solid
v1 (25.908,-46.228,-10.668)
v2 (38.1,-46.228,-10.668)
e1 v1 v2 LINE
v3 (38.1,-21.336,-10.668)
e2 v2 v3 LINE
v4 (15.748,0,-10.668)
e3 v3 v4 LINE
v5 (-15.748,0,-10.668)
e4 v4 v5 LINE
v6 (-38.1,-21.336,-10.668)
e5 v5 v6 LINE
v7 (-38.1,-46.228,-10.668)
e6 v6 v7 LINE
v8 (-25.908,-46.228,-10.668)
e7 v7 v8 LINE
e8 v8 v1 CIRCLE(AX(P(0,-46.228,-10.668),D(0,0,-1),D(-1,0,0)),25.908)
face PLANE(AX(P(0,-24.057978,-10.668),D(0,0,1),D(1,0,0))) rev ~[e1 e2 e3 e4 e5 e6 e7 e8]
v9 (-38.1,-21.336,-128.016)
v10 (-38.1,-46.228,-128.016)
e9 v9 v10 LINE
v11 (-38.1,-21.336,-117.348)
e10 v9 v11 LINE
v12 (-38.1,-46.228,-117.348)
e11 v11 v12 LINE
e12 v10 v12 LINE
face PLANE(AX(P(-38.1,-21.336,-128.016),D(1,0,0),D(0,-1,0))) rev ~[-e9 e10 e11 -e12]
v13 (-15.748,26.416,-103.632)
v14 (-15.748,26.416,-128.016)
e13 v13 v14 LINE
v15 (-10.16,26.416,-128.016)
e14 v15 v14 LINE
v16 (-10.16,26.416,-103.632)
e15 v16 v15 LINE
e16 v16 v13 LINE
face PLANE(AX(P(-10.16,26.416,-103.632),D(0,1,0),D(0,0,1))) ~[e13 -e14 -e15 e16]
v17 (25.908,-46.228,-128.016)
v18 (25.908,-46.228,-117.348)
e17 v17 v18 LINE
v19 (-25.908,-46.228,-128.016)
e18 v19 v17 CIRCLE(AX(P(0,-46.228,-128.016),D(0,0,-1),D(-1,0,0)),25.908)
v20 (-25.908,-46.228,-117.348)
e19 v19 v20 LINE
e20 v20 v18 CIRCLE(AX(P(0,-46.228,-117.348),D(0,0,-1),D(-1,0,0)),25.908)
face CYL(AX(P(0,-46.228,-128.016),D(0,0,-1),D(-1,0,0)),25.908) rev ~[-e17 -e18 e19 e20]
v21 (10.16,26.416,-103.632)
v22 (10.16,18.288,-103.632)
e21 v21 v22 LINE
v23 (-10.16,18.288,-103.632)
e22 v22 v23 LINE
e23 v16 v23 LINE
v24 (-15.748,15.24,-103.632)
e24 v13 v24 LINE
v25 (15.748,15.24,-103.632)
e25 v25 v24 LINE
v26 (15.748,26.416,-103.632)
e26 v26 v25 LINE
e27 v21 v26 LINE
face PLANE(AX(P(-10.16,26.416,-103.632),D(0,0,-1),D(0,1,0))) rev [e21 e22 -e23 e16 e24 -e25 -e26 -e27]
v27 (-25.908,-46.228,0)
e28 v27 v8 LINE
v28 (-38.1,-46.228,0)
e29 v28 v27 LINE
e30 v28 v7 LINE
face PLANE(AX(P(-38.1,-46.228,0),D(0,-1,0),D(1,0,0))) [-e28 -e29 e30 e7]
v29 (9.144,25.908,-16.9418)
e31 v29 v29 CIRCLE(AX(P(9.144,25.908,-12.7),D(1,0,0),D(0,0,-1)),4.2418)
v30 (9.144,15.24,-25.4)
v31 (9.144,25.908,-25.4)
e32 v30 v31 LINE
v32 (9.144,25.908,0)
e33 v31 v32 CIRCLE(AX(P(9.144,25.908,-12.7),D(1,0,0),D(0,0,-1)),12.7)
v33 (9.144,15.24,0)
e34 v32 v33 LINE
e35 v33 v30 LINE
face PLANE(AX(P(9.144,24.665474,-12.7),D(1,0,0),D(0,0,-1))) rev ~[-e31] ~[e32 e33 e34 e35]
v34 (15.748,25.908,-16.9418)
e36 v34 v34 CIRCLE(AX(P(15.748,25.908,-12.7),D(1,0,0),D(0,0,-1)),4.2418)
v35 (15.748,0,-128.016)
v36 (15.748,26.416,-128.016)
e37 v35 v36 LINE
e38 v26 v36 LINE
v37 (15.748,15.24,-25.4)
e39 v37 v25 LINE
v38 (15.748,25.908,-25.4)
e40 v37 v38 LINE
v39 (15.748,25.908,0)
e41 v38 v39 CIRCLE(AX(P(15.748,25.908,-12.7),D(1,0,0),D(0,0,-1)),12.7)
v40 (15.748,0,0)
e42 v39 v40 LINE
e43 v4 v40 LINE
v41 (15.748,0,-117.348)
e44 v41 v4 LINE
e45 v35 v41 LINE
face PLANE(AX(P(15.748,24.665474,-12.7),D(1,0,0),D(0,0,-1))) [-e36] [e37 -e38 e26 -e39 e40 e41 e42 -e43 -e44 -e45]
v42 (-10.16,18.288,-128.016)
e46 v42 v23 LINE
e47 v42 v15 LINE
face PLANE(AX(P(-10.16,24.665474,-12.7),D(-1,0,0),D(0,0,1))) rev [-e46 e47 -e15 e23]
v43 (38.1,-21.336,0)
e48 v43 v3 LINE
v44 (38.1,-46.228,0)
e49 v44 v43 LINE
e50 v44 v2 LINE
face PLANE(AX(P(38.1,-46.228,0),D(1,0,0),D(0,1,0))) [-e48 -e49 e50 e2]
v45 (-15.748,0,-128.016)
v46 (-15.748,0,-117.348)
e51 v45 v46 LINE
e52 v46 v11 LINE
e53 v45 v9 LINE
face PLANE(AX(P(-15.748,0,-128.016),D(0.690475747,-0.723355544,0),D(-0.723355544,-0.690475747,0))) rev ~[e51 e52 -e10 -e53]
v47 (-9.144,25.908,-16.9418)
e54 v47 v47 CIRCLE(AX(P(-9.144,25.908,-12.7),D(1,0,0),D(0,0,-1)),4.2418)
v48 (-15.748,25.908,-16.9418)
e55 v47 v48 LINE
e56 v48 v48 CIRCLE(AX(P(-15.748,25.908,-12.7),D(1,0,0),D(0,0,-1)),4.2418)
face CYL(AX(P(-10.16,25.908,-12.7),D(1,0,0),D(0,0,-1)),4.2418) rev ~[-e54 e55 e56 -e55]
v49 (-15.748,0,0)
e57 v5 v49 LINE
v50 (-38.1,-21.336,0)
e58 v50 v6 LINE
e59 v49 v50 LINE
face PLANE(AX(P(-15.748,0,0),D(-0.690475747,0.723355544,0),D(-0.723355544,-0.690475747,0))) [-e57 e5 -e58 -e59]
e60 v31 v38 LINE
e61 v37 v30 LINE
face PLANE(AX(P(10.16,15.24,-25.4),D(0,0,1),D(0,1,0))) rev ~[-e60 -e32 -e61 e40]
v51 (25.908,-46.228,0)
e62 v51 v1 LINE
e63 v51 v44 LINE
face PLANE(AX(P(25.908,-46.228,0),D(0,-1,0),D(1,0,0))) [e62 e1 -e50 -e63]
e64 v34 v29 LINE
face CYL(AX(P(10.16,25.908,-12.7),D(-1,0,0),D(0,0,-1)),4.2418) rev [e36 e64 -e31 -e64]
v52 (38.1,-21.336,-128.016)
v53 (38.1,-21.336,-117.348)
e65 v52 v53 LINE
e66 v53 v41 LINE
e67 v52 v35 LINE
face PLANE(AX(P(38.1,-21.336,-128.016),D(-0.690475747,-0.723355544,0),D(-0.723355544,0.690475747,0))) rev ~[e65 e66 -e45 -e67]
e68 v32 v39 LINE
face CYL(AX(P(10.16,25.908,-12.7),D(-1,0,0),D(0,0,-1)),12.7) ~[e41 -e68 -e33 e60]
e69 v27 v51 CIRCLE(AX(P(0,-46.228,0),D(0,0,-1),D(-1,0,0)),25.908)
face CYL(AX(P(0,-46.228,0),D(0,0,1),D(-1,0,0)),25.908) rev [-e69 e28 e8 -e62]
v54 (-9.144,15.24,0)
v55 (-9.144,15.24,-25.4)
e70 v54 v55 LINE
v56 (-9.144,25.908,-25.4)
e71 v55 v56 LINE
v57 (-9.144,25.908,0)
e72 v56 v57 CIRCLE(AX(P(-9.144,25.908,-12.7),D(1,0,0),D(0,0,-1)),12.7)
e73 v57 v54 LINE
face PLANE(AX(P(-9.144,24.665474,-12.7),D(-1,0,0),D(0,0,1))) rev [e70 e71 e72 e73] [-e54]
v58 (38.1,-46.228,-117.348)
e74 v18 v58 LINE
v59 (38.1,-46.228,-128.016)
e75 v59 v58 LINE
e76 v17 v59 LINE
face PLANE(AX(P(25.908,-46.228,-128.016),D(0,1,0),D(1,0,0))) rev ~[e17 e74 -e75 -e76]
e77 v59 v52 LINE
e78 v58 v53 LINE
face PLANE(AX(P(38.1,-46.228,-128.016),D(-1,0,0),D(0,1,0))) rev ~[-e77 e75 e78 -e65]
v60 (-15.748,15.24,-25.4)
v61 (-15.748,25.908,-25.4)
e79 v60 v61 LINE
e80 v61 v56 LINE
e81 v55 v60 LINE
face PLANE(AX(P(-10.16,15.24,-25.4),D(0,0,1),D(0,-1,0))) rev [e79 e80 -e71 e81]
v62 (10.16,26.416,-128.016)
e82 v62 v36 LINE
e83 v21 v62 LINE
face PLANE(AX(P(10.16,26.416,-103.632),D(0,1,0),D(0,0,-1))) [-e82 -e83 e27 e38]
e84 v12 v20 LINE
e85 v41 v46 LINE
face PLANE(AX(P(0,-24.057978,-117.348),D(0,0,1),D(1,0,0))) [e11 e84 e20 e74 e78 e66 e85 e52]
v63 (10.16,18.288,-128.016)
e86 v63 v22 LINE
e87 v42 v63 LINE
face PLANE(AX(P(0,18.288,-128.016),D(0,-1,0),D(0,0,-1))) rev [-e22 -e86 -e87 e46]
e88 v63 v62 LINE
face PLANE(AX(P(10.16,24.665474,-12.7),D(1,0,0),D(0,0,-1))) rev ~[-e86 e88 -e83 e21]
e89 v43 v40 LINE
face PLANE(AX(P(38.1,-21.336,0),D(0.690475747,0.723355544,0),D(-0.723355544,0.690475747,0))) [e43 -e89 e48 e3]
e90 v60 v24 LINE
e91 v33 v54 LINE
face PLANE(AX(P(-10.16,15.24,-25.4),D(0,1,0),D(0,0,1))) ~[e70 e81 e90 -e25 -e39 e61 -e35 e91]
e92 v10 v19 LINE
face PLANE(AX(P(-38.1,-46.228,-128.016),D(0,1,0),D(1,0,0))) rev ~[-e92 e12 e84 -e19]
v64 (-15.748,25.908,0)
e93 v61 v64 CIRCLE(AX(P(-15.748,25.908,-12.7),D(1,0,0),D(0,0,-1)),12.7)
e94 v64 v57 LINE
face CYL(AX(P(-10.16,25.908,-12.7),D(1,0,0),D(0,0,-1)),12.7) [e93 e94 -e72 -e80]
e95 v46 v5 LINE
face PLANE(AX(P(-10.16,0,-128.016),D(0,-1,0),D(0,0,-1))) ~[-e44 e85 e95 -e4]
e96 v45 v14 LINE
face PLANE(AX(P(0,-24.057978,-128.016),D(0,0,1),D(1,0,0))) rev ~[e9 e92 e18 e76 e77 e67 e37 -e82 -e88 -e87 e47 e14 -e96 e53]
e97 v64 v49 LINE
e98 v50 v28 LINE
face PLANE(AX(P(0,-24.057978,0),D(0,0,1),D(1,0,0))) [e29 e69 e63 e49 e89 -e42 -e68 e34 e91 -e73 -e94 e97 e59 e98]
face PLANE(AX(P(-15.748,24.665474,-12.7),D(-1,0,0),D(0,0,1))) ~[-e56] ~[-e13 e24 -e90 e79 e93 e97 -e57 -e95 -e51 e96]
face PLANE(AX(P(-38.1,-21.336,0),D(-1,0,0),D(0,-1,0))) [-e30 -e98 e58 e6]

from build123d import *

# Parameters (mm, degrees)
BOSS_EXTRUDE1_DEPTH = 10.16
BOSS_EXTRUDE2_START = 9.144
SKETCH1_3_R         = 4.2418
BOSS_EXTRUDE2_DEPTH = 1.016
BOSS_EXTRUDE3_START = 10.16
SKETCH1_4_R         = 4.2418
SKETCH1_4_W         = 24.384
SKETCH1_4_H         = 8.128
SKETCH1_4_H_2       = 3.048
BOSS_EXTRUDE3_DEPTH = 5.588
BOSS_EXTRUDE4_DEPTH = 10.668
BOSS_EXTRUDE6_START = -128.016
BOSS_EXTRUDE6_DEPTH = 10.668


with BuildPart() as part:
    # Sketch1 → Boss-Extrude1 (new body)
    with BuildSketch(Plane(origin=(0, 0, 0), x_dir=(0, 0, -1), z_dir=(1, 0, 0))):
        Polygon((0, 15.24), (0, 0), (128.016, 0), (128.016, 18.288), (103.632, 18.288), (103.632, 15.24), align=None)
    boss_extrude1 = extrude(amount=BOSS_EXTRUDE1_DEPTH)

    # Sketch1<3> → Boss-Extrude2 (add)
    with BuildSketch(Plane(origin=(0, 0, 0), x_dir=(0, 0, -1), z_dir=(1, 0, 0)).offset(BOSS_EXTRUDE2_START)):
        with BuildLine():
            Line((0, 25.908), (0, 15.24))
            Line((0, 15.24), (25.4, 15.24))
            Line((25.4, 15.24), (25.4, 25.908))
            ThreePointArc((25.4, 25.908), (12.7, 38.608), (0, 25.908))
        make_face()
        with Locations((12.7, 25.908)):
            Circle(SKETCH1_3_R, mode=Mode.SUBTRACT)
    boss_extrude2 = extrude(amount=BOSS_EXTRUDE2_DEPTH)

    # Sketch1<4> → Boss-Extrude3 (add)
    with BuildSketch(Plane(origin=(0, 0, 0), x_dir=(0, 0, -1), z_dir=(1, 0, 0)).offset(BOSS_EXTRUDE3_START)):
        with BuildLine():
            Line((25.4, 15.24), (25.4, 25.908))
            ThreePointArc((25.4, 25.908), (12.7, 38.608), (0, 25.908))
            Line((0, 25.908), (0, 15.24))
            Line((0, 15.24), (25.4, 15.24))
        make_face()
        with Locations((12.7, 25.908)):
            Circle(SKETCH1_4_R, mode=Mode.SUBTRACT)
        Polygon((25.4, 15.24), (128.016, 15.24), (128.016, 0), (0, 0), (0, 15.24), align=None)
        with Locations((115.824, 22.352)):
            Rectangle(SKETCH1_4_W, SKETCH1_4_H)
        with Locations((115.824, 16.764)):
            Rectangle(SKETCH1_4_W, SKETCH1_4_H_2)
    boss_extrude3 = extrude(amount=BOSS_EXTRUDE3_DEPTH)

    # Mirror3: Boss-Extrude1, Boss-Extrude2, Boss-Extrude3 across plane
    add(boss_extrude1.mirror(Plane(origin=(0, 0, 0), x_dir=(0, 0, 1), z_dir=(1, 0, 0))))
    add(boss_extrude2.mirror(Plane(origin=(0, 0, 0), x_dir=(0, 0, 1), z_dir=(1, 0, 0))))
    add(boss_extrude3.mirror(Plane(origin=(0, 0, 0), x_dir=(0, 0, 1), z_dir=(1, 0, 0))))

    # Sketch2 → Boss-Extrude4 (add)
    with BuildSketch(Plane.XY):
        with BuildLine():
            Line((25.908, -46.228), (38.1, -46.228))
            Line((38.1, -46.228), (38.1, -21.336))
            Line((38.1, -21.336), (15.748, 0))
            Line((15.748, 0), (-15.748, 0))
            Line((-15.748, 0), (-38.1, -21.336))
            Line((-38.1, -21.336), (-38.1, -46.228))
            Line((-38.1, -46.228), (-25.908, -46.228))
            ThreePointArc((-25.908, -46.228), (0, -20.32), (25.908, -46.228))
        make_face()
    extrude(amount=-BOSS_EXTRUDE4_DEPTH)

    # Sketch2<2> → Boss-Extrude6 (add)
    with BuildSketch(Plane.XY.offset(BOSS_EXTRUDE6_START)):
        with BuildLine():
            ThreePointArc((-25.908, -46.228), (0, -20.32), (25.908, -46.228))
            Line((25.908, -46.228), (38.1, -46.228))
            Line((38.1, -46.228), (38.1, -21.336))
            Line((38.1, -21.336), (15.748, 0))
            Line((15.748, 0), (-15.748, 0))
            Line((-15.748, 0), (-38.1, -21.336))
            Line((-38.1, -21.336), (-38.1, -46.228))
            Line((-38.1, -46.228), (-25.908, -46.228))
        make_face()
    extrude(amount=BOSS_EXTRUDE6_DEPTH)


solid = part.part
